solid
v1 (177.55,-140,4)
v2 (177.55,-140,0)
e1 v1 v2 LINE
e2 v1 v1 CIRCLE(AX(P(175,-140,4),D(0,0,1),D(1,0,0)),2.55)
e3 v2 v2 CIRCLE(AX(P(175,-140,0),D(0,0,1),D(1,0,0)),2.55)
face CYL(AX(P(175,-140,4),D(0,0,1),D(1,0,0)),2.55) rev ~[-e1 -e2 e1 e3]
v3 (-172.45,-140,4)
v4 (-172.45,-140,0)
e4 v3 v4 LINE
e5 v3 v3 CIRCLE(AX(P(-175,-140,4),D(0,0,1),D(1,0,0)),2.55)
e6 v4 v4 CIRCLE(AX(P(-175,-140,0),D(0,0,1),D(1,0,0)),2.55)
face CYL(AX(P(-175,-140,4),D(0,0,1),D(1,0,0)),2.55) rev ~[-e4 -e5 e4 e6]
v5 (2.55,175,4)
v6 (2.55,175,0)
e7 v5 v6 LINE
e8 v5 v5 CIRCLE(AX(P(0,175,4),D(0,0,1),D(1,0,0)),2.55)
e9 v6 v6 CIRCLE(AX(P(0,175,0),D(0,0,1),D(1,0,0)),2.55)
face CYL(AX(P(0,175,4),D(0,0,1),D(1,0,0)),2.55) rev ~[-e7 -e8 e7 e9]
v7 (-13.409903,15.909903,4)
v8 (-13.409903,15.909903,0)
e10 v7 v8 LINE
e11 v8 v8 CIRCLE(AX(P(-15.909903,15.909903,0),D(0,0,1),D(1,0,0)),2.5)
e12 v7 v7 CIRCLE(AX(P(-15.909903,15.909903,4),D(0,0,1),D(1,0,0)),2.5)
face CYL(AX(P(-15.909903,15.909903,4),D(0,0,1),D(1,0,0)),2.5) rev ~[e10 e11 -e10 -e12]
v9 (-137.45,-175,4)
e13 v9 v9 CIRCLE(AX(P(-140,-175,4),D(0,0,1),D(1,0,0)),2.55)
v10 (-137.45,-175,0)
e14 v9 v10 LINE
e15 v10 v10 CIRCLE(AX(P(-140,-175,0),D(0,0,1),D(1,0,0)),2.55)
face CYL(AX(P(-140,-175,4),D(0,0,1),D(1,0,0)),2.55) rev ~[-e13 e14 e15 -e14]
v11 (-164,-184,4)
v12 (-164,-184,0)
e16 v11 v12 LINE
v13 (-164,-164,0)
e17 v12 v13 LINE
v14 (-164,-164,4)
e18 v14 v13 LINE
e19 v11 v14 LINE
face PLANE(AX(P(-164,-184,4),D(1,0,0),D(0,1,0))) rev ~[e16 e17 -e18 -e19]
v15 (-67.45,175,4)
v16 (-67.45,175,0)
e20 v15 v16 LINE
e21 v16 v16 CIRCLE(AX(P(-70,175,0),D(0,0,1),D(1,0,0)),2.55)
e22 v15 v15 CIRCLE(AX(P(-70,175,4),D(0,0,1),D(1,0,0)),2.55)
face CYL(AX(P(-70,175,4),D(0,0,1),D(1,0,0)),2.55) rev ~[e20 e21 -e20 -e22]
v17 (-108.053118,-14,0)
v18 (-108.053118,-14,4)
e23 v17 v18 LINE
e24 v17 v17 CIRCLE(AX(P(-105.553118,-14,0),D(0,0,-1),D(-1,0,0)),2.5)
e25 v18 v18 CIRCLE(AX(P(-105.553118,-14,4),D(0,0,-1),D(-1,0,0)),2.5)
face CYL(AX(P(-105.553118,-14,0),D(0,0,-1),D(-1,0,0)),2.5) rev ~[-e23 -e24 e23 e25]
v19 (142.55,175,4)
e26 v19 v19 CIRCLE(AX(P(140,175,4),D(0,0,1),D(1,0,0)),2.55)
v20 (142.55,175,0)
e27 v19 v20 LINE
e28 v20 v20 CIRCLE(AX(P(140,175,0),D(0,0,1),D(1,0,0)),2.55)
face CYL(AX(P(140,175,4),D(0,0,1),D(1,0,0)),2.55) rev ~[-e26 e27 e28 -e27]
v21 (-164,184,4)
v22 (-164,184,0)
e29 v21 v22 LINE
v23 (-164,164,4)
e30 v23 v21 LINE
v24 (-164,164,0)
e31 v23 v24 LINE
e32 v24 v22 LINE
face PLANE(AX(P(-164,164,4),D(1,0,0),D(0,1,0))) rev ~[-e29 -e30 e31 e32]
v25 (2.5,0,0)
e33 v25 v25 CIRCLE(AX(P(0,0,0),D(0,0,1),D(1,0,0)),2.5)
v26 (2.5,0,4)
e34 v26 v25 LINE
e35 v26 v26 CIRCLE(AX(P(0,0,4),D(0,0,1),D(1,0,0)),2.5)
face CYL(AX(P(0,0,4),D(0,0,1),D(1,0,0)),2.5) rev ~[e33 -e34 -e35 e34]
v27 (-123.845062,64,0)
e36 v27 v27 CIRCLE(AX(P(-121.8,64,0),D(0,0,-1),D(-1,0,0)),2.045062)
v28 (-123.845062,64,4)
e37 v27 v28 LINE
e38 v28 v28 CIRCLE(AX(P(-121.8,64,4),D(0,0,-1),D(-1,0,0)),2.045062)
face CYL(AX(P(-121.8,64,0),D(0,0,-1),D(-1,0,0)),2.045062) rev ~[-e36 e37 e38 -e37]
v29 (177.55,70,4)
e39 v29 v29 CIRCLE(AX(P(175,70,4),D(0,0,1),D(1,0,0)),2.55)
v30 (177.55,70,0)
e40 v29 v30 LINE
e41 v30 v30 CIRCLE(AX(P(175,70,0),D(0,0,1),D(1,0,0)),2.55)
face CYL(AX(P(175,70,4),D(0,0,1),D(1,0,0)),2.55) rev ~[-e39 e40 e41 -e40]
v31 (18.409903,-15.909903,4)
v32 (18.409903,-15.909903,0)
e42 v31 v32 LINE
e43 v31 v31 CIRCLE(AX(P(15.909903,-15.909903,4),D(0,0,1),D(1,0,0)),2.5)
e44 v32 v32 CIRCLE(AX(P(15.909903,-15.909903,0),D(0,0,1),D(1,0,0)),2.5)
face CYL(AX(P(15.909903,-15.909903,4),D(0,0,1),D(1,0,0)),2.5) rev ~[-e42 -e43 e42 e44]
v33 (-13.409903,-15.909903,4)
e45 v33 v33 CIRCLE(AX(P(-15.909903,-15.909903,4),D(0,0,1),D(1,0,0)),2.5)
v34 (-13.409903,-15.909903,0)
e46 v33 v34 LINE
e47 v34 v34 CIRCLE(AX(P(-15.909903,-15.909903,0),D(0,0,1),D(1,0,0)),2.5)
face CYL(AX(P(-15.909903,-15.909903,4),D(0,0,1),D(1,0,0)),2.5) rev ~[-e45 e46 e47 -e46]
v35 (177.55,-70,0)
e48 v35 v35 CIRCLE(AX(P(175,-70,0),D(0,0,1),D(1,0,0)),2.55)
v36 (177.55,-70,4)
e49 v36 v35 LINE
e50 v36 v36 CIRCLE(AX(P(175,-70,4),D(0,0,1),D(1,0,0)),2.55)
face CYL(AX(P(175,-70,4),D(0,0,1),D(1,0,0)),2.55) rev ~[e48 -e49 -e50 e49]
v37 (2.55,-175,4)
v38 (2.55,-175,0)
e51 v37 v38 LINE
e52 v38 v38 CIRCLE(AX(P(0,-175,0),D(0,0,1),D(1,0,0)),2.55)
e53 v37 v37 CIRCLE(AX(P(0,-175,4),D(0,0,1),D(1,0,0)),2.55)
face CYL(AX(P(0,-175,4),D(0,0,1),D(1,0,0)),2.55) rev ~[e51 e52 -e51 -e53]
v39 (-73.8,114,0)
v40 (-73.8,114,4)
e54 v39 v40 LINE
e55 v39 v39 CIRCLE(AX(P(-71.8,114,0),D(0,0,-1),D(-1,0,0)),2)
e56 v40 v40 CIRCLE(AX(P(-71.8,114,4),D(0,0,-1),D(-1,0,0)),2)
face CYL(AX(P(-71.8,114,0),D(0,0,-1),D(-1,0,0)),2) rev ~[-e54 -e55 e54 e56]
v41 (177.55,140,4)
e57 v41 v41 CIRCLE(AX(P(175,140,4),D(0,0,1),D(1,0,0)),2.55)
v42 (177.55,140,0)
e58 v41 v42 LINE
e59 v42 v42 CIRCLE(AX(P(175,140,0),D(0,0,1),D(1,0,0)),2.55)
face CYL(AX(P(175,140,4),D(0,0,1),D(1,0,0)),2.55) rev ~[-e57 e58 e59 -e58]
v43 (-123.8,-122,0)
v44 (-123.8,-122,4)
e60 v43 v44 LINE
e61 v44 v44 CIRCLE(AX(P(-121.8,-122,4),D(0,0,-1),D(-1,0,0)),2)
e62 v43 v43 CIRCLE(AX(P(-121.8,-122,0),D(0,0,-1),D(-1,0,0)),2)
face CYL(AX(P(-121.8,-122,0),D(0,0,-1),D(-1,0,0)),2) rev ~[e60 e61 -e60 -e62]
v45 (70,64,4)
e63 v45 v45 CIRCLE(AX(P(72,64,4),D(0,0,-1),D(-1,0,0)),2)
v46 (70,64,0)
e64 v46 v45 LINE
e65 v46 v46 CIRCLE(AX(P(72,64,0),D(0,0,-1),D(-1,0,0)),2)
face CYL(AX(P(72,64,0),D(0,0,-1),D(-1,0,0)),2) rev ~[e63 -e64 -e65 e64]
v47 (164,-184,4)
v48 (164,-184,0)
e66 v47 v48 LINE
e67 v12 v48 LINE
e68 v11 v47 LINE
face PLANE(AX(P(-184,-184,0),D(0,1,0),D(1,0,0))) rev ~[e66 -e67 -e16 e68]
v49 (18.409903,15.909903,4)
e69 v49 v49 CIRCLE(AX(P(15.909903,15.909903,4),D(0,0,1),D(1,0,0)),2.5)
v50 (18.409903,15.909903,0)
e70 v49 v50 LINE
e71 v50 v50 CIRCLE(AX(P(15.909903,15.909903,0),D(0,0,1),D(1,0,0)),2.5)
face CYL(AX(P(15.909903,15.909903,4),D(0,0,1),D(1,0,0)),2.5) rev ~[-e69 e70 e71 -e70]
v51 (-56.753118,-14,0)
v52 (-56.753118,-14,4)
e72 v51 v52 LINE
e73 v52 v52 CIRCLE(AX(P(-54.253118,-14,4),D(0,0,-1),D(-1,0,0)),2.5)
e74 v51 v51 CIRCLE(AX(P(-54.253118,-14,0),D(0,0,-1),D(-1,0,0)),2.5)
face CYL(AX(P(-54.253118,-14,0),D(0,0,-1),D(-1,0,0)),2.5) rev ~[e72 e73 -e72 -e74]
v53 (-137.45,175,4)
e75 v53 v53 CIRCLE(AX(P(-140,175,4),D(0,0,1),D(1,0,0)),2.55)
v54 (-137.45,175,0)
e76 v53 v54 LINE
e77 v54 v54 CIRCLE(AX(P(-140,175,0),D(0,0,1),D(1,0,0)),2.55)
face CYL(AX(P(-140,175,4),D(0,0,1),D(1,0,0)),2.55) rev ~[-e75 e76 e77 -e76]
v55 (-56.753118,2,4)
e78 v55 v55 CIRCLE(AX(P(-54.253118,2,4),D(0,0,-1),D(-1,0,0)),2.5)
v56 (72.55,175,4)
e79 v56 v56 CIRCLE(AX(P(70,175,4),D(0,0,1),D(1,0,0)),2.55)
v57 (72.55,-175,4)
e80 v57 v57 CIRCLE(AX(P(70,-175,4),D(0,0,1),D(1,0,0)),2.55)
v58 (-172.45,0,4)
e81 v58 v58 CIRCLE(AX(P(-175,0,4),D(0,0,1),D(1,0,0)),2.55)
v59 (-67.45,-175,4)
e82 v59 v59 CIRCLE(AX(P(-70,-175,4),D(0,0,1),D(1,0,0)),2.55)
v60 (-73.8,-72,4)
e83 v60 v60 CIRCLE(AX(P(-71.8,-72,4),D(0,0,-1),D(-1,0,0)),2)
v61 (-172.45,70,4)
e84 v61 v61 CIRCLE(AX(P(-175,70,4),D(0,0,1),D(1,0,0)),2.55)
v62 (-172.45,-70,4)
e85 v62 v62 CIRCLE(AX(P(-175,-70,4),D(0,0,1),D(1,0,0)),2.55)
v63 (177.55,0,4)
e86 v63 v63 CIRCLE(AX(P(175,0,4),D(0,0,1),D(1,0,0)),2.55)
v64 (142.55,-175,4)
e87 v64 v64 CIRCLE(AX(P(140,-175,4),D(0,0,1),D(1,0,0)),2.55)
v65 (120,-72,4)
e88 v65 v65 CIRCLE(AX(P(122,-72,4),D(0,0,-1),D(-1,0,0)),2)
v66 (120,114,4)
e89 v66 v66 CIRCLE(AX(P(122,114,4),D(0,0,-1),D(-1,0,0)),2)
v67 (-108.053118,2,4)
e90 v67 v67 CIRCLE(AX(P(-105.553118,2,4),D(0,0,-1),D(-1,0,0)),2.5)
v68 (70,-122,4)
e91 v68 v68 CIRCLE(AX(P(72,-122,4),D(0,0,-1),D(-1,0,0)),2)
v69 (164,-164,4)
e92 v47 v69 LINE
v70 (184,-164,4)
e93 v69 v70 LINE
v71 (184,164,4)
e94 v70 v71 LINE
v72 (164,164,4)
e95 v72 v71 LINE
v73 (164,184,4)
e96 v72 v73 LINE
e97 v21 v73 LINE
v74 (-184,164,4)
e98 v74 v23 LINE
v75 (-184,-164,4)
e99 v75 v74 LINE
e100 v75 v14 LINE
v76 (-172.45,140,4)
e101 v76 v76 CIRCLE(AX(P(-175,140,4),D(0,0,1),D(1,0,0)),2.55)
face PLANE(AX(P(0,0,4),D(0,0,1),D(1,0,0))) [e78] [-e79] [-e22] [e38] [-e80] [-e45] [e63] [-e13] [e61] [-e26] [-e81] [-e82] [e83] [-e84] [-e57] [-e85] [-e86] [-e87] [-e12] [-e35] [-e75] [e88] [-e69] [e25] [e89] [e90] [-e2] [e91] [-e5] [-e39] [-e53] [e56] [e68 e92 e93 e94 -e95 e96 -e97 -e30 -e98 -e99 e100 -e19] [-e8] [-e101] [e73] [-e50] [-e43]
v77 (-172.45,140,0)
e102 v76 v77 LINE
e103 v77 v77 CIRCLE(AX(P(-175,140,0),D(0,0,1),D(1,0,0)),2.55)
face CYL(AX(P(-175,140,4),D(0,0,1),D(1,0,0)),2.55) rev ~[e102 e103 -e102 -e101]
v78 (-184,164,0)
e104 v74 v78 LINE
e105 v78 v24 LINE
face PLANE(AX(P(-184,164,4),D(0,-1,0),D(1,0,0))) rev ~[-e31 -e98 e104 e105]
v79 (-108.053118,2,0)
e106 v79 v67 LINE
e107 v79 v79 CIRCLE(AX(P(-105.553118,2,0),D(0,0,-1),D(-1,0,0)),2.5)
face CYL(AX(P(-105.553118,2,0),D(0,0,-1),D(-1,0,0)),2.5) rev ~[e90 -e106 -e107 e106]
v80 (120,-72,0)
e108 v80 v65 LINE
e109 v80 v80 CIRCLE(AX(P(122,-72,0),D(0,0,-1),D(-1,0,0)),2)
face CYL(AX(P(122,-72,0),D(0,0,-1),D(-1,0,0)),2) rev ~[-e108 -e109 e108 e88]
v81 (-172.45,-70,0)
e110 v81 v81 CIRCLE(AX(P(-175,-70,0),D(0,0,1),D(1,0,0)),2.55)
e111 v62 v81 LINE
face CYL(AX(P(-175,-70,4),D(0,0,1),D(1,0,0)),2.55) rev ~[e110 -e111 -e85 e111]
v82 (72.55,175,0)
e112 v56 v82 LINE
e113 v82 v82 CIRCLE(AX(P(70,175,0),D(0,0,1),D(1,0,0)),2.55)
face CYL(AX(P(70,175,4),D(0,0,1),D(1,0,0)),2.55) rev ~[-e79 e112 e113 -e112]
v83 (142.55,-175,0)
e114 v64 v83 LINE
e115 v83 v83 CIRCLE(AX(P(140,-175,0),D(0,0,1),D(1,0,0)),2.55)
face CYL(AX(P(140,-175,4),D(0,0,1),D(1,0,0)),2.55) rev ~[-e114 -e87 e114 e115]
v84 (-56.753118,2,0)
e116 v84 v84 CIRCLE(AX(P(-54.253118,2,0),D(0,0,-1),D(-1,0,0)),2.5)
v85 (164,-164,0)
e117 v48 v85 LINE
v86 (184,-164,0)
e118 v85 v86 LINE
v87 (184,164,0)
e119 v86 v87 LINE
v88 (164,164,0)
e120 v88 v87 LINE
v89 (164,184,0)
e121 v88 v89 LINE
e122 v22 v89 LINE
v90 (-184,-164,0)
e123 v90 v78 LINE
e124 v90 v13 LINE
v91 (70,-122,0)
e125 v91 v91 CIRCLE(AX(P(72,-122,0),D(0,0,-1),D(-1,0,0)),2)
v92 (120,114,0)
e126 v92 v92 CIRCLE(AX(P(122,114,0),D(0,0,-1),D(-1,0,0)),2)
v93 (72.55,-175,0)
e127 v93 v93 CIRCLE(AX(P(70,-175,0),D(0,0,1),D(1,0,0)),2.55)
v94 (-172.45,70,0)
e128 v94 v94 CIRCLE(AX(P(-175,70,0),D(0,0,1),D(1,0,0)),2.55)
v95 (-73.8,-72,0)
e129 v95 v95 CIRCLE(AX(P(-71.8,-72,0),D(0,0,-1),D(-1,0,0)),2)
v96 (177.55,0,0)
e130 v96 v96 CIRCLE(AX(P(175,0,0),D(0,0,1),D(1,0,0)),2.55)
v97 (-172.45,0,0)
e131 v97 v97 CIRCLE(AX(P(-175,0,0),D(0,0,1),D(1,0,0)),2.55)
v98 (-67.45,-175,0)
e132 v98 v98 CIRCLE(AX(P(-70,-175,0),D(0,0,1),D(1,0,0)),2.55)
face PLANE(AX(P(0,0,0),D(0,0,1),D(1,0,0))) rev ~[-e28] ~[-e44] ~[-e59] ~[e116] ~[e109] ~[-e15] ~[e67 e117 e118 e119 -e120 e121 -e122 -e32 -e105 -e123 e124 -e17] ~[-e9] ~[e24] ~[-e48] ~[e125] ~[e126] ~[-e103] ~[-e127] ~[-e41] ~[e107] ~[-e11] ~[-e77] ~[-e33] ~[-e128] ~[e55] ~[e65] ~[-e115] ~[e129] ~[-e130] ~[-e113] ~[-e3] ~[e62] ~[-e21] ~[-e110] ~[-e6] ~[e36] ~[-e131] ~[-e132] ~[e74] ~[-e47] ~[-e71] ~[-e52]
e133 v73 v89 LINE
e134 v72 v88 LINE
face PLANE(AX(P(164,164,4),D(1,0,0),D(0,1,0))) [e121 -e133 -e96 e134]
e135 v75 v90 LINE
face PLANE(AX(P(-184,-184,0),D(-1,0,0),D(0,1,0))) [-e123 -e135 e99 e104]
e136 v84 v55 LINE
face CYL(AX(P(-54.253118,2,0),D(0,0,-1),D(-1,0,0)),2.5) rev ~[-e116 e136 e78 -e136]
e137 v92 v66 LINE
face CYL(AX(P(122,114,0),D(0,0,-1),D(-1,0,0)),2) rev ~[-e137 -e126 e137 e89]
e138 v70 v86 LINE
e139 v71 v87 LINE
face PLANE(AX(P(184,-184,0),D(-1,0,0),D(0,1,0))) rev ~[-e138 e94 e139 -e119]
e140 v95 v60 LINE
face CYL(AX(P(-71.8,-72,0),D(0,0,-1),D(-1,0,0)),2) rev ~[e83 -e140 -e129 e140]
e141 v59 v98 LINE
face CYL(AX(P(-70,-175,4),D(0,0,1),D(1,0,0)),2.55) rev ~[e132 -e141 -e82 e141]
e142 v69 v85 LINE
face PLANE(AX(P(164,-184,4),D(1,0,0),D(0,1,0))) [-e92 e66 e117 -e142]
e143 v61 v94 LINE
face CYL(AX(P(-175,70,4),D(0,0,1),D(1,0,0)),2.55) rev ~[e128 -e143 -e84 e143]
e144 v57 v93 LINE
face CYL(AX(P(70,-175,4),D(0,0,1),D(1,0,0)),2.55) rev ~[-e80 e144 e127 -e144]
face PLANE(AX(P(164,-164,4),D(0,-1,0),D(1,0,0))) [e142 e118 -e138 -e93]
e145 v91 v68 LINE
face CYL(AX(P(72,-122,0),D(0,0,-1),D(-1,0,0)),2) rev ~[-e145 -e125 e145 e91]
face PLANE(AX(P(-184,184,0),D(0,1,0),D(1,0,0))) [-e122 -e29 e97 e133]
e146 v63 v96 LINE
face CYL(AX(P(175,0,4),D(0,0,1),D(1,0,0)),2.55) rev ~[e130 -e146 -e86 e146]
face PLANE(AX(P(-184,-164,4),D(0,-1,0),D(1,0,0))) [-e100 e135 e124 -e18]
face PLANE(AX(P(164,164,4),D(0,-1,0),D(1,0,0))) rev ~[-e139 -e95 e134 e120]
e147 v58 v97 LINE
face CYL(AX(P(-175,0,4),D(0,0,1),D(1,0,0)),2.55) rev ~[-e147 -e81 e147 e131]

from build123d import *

# Parameters (mm, degrees)
SKETCH_1_W          = 368
SKETCH_1_H          = 368
EXTRUDE_1_DEPTH     = 4
SKETCH_3_R          = 2.55
CUT_EXTRUDE_2_DEPTH = 261.246037434
SKETCH_4_W          = 20
SKETCH_4_H          = 20
CUT_EXTRUDE_3_DEPTH = 261.246037434
SKETCH_5_R          = 2.5
CUT_EXTRUDE_6_DEPTH = 10
SKETCH_6_R          = 2
SKETCH_6_R_2        = 2.0450624
SKETCH_6_R_3        = 2.5
CUT_EXTRUDE_7_DEPTH = 10


with BuildPart() as part:
    # 草图1 → 凸台-拉伸1 (new body)
    with BuildSketch(Plane.XY):
        Rectangle(SKETCH_1_W, SKETCH_1_H)
    extrude(amount=EXTRUDE_1_DEPTH)

    # 草图3 → 切除-拉伸2 (cut, through all)
    with BuildSketch(Plane.XY.offset(4)):
        with Locations((0, -175)):
            Circle(SKETCH_3_R)
        with Locations((70, -175)):
            Circle(SKETCH_3_R)
        with Locations((140, -175)):
            Circle(SKETCH_3_R)
        with Locations((-70, -175)):
            Circle(SKETCH_3_R)
        with Locations((-140, -175)):
            Circle(SKETCH_3_R)
        with Locations((-175, 140)):
            Circle(SKETCH_3_R)
        with Locations((-175, 70)):
            Circle(SKETCH_3_R)
        with Locations((-175, -70)):
            Circle(SKETCH_3_R)
        with Locations((-175, -140)):
            Circle(SKETCH_3_R)
        with Locations((-175, 0)):
            Circle(SKETCH_3_R)
        with Locations((140, 175)):
            Circle(SKETCH_3_R)
        with Locations((70, 175)):
            Circle(SKETCH_3_R)
        with Locations((-70, 175)):
            Circle(SKETCH_3_R)
        with Locations((-140, 175)):
            Circle(SKETCH_3_R)
        with Locations((0, 175)):
            Circle(SKETCH_3_R)
        with Locations((175, -140)):
            Circle(SKETCH_3_R)
        with Locations((175, -70)):
            Circle(SKETCH_3_R)
        with Locations((175, 70)):
            Circle(SKETCH_3_R)
        with Locations((175, 140)):
            Circle(SKETCH_3_R)
        with Locations((175, 0)):
            Circle(SKETCH_3_R)
    extrude(amount=-CUT_EXTRUDE_2_DEPTH, mode=Mode.SUBTRACT)

    # 草图4 → 切除-拉伸3 (cut, through all)
    with BuildSketch(Plane.XY.offset(4)):
        with Locations((-174, 174)):
            Rectangle(SKETCH_4_W, SKETCH_4_H)
        with Locations((-174, -174)):
            Rectangle(SKETCH_4_W, SKETCH_4_H)
        with Locations((174, 174)):
            Rectangle(SKETCH_4_W, SKETCH_4_H)
        with Locations((174, -174)):
            Rectangle(SKETCH_4_W, SKETCH_4_H)
    extrude(amount=-CUT_EXTRUDE_3_DEPTH, mode=Mode.SUBTRACT)

    # 草图5 → 切除-拉伸6 (cut)
    with BuildSketch(Plane.XY.offset(4)):
        Circle(SKETCH_5_R)
        with Locations((-15.909902577, 15.909902577)):
            Circle(SKETCH_5_R)
        with Locations((15.909902577, 15.909902577)):
            Circle(SKETCH_5_R)
        with Locations((15.909902577, -15.909902577)):
            Circle(SKETCH_5_R)
        with Locations((-15.909902577, -15.909902577)):
            Circle(SKETCH_5_R)
    extrude(amount=-CUT_EXTRUDE_6_DEPTH, mode=Mode.SUBTRACT)

    # 草图6 → 切除-拉伸7 (cut)
    with BuildSketch(Plane(origin=(0, 0, 0), x_dir=(-1, 0, 0), z_dir=(0, 0, -1))):
        with Locations((121.8, -122)):
            Circle(SKETCH_6_R)
        with Locations((71.8, -72)):
            Circle(SKETCH_6_R)
        with Locations((-72, -122)):
            Circle(SKETCH_6_R)
        with Locations((-122, -72)):
            Circle(SKETCH_6_R)
        with Locations((-72, 64)):
            Circle(SKETCH_6_R)
        with Locations((-122, 114)):
            Circle(SKETCH_6_R)
        with Locations((121.8, 64)):
            Circle(SKETCH_6_R_2)
        with Locations((71.8, 114)):
            Circle(SKETCH_6_R)
        with Locations((105.553117778, -14)):
            Circle(SKETCH_6_R_3)
        with Locations((105.553117778, 2)):
            Circle(SKETCH_6_R_3)
        with Locations((54.253117778, -14)):
            Circle(SKETCH_6_R_3)
        with Locations((54.253117778, 2)):
            Circle(SKETCH_6_R_3)
    extrude(amount=-CUT_EXTRUDE_7_DEPTH, mode=Mode.SUBTRACT)


solid = part.part
